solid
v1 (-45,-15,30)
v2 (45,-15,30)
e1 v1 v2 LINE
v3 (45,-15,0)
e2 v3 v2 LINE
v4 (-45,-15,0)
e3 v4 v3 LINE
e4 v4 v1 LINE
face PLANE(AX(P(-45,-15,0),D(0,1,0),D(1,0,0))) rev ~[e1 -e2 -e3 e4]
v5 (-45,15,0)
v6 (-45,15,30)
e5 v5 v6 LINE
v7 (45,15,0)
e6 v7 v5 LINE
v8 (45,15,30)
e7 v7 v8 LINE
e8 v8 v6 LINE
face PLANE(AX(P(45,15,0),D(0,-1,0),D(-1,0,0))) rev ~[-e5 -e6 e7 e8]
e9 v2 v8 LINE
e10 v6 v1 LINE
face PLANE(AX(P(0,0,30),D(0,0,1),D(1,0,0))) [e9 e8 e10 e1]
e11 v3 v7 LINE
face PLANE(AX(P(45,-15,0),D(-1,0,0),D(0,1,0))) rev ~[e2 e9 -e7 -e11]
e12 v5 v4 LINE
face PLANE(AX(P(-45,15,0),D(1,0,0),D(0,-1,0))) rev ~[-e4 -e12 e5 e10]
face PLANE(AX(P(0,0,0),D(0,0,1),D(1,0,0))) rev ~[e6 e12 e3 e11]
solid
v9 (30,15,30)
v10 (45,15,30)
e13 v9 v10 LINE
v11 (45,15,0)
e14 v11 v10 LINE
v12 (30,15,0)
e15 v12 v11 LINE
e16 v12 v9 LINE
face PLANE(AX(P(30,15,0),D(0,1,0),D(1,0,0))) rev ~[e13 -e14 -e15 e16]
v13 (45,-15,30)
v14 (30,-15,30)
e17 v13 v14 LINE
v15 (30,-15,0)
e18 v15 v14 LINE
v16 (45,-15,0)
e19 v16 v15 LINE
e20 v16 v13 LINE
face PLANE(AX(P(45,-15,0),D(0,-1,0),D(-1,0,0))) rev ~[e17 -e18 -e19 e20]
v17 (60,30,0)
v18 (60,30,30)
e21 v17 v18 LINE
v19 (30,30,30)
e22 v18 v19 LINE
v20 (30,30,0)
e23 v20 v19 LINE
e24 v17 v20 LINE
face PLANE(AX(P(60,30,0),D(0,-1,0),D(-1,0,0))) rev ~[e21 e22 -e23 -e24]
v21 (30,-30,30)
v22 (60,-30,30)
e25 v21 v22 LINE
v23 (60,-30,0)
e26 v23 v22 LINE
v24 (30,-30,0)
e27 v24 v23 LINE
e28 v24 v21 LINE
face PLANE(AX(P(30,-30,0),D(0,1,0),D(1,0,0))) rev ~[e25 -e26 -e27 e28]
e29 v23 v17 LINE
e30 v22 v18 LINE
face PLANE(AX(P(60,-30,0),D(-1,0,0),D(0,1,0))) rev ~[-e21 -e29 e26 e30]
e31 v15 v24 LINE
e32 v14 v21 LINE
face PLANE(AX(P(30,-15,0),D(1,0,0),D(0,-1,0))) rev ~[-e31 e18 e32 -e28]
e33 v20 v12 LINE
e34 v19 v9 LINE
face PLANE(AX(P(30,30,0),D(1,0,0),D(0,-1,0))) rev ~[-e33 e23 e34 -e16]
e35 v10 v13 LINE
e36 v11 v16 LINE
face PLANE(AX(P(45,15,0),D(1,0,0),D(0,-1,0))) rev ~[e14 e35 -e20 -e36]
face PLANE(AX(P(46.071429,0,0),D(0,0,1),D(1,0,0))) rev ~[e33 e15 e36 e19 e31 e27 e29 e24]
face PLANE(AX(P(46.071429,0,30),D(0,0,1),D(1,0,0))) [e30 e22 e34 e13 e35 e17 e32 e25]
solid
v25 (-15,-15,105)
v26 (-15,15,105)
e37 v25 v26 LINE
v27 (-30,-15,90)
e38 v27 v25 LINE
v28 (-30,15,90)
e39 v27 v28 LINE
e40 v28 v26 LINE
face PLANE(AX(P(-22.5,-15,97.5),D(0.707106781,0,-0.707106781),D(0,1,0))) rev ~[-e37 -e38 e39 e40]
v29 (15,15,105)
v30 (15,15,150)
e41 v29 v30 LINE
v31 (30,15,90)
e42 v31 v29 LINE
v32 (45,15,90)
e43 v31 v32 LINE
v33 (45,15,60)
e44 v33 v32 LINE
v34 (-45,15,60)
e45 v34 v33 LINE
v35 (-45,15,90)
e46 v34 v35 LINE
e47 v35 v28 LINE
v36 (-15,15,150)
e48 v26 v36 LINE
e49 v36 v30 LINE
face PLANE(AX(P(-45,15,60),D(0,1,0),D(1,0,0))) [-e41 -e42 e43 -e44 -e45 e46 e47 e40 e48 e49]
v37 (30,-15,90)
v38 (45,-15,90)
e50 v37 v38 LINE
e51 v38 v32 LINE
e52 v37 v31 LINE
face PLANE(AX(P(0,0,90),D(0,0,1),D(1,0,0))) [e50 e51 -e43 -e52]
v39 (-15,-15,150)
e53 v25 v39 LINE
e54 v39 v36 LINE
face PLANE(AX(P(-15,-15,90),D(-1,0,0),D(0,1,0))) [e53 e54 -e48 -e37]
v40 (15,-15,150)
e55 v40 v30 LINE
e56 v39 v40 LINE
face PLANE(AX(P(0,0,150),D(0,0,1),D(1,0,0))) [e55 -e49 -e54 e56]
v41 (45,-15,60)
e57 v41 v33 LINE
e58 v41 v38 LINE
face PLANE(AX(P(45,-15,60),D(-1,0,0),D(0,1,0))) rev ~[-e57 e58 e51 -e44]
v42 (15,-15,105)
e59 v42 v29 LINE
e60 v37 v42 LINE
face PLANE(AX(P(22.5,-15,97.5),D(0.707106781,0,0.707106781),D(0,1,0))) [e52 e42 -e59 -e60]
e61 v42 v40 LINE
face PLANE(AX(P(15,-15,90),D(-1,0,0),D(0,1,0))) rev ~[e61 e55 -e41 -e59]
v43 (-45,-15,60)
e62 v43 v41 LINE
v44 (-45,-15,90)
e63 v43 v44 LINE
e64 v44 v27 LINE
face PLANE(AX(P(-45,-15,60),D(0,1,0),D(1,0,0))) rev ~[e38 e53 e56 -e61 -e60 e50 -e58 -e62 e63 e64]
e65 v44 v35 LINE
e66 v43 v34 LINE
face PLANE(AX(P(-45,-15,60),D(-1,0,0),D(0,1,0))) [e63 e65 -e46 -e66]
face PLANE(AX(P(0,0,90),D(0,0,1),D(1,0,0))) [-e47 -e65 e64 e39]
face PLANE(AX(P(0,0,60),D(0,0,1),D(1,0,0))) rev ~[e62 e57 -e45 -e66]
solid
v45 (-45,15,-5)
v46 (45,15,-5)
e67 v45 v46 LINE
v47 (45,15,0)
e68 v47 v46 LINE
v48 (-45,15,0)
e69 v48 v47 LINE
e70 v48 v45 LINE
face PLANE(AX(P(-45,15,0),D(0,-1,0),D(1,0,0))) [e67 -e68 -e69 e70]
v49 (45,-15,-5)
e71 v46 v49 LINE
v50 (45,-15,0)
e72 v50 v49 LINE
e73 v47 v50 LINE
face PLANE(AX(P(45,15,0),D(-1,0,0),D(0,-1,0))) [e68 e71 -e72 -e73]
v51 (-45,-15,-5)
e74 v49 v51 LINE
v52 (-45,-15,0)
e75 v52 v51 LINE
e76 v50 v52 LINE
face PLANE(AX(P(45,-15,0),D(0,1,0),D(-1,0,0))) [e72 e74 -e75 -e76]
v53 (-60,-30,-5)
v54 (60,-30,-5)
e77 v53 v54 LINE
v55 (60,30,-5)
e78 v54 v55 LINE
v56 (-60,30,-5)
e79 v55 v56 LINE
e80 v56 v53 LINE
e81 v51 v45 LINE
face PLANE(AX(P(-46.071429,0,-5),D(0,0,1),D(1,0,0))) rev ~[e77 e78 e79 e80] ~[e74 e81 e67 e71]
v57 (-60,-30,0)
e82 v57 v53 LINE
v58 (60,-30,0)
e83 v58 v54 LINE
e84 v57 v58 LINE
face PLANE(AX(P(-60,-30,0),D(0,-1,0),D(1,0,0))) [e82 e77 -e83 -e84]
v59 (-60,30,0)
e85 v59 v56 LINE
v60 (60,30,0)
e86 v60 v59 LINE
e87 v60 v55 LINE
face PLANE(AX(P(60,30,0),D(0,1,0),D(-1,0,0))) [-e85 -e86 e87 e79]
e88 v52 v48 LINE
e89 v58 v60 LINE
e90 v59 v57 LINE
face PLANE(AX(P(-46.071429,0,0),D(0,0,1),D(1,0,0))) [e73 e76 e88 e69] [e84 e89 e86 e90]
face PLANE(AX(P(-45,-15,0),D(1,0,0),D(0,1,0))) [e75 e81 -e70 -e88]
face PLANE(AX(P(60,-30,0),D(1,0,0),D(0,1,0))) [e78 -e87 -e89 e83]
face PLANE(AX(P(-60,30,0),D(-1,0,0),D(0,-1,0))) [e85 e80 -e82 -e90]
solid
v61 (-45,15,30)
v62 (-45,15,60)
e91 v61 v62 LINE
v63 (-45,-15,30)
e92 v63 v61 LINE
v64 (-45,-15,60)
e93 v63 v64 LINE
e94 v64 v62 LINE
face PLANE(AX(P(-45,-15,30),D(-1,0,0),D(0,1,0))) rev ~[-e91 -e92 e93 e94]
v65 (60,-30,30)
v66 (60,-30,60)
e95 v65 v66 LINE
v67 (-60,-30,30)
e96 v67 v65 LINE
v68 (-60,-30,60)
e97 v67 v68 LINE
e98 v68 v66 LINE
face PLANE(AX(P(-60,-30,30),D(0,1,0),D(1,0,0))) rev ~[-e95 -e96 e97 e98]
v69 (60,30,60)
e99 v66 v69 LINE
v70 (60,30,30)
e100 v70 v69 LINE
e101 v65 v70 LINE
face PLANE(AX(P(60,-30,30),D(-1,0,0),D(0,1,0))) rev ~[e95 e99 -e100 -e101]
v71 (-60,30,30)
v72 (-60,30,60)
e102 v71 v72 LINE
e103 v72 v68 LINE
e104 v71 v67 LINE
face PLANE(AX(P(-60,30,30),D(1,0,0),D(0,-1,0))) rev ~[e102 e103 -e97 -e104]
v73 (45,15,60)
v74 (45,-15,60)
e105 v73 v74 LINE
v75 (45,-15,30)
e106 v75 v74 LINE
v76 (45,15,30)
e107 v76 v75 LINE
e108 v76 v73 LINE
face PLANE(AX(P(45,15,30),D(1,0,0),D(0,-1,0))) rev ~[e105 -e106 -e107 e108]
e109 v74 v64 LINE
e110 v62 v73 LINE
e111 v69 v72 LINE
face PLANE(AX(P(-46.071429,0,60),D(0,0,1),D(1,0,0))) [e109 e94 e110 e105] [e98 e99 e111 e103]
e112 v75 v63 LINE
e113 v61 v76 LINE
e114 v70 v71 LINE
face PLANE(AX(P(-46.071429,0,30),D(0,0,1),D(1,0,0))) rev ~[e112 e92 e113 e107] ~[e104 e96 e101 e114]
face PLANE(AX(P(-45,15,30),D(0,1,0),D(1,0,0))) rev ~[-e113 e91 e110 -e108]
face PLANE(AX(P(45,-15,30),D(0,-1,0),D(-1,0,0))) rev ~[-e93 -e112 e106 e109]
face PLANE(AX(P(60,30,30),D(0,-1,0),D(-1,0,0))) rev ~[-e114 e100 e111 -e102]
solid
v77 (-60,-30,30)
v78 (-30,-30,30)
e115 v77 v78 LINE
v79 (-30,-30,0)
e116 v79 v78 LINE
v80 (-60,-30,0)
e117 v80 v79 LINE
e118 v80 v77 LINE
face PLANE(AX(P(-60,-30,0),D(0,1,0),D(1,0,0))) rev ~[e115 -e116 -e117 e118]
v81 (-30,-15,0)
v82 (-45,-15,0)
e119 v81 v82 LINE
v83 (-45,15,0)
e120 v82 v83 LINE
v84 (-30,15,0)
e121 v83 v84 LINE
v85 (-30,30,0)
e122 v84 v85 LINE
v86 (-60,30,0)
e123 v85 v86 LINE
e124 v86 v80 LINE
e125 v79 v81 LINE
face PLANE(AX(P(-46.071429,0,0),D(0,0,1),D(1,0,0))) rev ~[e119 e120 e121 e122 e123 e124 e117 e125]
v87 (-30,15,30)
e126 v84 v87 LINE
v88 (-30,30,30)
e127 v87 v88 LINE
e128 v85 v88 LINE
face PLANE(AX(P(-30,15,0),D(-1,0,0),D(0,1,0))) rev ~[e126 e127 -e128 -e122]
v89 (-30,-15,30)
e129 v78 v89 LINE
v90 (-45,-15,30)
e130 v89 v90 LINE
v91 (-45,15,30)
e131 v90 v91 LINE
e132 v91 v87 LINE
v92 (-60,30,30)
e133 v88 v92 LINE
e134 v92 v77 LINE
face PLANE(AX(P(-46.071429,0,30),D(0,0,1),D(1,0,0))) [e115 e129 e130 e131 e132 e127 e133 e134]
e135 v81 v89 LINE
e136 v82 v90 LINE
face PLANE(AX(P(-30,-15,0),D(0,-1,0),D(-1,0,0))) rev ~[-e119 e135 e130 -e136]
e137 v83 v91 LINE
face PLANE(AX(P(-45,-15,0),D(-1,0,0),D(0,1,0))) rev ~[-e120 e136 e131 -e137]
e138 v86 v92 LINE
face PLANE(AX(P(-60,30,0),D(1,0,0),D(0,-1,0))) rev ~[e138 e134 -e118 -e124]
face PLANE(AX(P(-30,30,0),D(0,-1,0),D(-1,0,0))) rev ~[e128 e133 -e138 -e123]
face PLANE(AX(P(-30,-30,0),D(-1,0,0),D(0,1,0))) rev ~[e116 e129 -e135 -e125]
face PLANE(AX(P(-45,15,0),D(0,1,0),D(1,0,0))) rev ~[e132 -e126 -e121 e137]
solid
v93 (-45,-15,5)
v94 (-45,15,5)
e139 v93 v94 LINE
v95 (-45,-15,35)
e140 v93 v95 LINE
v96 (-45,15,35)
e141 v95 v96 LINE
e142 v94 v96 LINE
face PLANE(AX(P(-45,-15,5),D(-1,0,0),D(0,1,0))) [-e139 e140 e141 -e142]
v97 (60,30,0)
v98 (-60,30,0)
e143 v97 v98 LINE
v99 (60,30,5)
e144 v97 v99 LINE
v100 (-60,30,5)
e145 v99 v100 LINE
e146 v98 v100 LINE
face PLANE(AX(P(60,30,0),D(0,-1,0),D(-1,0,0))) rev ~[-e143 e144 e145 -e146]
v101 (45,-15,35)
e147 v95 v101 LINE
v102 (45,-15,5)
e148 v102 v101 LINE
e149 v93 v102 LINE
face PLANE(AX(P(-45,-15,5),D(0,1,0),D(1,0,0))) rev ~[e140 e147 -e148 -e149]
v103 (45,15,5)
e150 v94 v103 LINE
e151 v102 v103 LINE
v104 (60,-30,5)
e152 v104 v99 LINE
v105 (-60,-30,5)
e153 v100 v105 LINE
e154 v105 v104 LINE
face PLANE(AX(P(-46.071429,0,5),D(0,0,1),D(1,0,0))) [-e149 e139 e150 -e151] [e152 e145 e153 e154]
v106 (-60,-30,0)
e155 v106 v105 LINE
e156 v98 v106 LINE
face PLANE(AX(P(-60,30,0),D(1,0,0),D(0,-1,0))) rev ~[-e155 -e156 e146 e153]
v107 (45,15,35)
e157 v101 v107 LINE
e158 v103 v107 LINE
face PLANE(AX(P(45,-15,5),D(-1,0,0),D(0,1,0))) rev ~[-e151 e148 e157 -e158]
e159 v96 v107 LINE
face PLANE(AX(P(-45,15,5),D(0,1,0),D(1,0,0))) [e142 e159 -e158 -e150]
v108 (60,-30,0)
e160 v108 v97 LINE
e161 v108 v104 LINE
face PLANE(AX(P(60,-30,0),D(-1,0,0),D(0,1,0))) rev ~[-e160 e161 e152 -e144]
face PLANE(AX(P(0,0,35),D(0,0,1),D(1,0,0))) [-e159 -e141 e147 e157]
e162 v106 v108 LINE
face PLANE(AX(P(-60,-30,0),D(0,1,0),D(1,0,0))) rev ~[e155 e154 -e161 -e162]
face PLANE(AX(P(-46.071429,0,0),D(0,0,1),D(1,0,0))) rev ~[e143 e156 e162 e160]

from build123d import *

# Parameters (mm, degrees)
F1_DEPTH  = 30
F0_W      = 60
F0_H      = 15
F2_DEPTH  = 5
F3_DEPTH  = 30
F5_DEPTH  = 30
F6_W      = 90
F6_H      = 30
F7_DEPTH  = 30
F8_W      = 30
F8_H      = 30
F9_DEPTH  = 60
F10_SIZE  = 15
F11_DEPTH = 5
F12_W     = 90
F12_H     = 30
F13_DEPTH = 30


with BuildPart() as f1:
    # F0 (on Top) → F1 (new body)
    with BuildSketch(Plane.XY):
        Polygon((45, -15), (45, 15), (30, 15), (-30, 15), (-45, 15), (-45, -15), (-30, -15), (30, -15), align=None)
    extrude(amount=F1_DEPTH)


with BuildPart() as f2:
    # F0 (on Top) → F2 (new body)
    with BuildSketch(Plane.XY):
        Polygon((-45, 15), (-30, 15), (-30, 30), (-60, 30), (-60, -30), (-30, -30), (-30, -15), (-45, -15), align=None)
        with Locations((0, -22.5)):
            Rectangle(F0_W, F0_H)
        Polygon((30, 15), (45, 15), (45, -15), (30, -15), (30, -30), (60, -30), (60, 30), (30, 30), align=None)
        with Locations((0, 22.5)):
            Rectangle(F0_W, F0_H)
    extrude(amount=-F2_DEPTH)


with BuildPart() as f3:
    # F0 (on Top) → F3 (new body)
    with BuildSketch(Plane.XY):
        Polygon((30, 15), (45, 15), (45, -15), (30, -15), (30, -30), (60, -30), (60, 30), (30, 30), align=None)
    extrude(amount=F3_DEPTH)


with BuildPart() as f3b:
    # F0 (on Top) → F3, piece 2 (new body)
    with BuildSketch(Plane.XY):
        Polygon((-45, 15), (-30, 15), (-30, 30), (-60, 30), (-60, -30), (-30, -30), (-30, -15), (-45, -15), align=None)
    extrude(amount=F3_DEPTH)


with BuildPart() as f5:
    # F4 (on face) → F5 (new body)
    with BuildSketch(Plane.XY.offset(30)):
        Polygon((-30, 30), (-60, 30), (-60, -30), (-30, -30), (-30, -15), (-45, -15), (-45, 15), (-30, 15), align=None)
        Polygon((60, 30), (-30, 30), (-30, 15), (45, 15), (45, -15), (-30, -15), (-30, -30), (60, -30), align=None)
    extrude(amount=F5_DEPTH)


with BuildPart() as f7:
    # F6 (on face) → F7 (new body)
    with BuildSketch(Plane.XY.offset(60)):
        Rectangle(F6_W, F6_H)
    extrude(amount=F7_DEPTH)

    # F8 (on face) → F9 (join)
    with BuildSketch(Plane.XY.offset(90)):
        Rectangle(F8_W, F8_H)
    extrude(amount=F9_DEPTH)

    # F10
    f10_edges = [f7.edges().sort_by_distance(p)[0] for p in [
        (15, 0, 90),
        (-15, 0, 90),
    ]]
    chamfer(f10_edges, length=F10_SIZE)


with BuildPart() as f11:
    # F0 (on Top) → F11 (new body)
    with BuildSketch(Plane.XY):
        Polygon((-45, 15), (-30, 15), (-30, 30), (-60, 30), (-60, -30), (-30, -30), (-30, -15), (-45, -15), align=None)
        with Locations((0, 22.5)):
            Rectangle(F0_W, F0_H)
        Polygon((30, 15), (45, 15), (45, -15), (30, -15), (30, -30), (60, -30), (60, 30), (30, 30), align=None)
        with Locations((0, -22.5)):
            Rectangle(F0_W, F0_H)
        Polygon((45, -15), (45, 15), (30, 15), (-30, 15), (-45, 15), (-45, -15), (-30, -15), (30, -15), align=None)
    extrude(amount=F11_DEPTH)

    # F12 (on face) → F13 (join)
    with BuildSketch(Plane.XY.offset(5)):
        Rectangle(F12_W, F12_H)
    extrude(amount=F13_DEPTH)


solid = Compound([f1.part, f2.part, f3.part, f3b.part, f5.part, f7.part, f11.part])
